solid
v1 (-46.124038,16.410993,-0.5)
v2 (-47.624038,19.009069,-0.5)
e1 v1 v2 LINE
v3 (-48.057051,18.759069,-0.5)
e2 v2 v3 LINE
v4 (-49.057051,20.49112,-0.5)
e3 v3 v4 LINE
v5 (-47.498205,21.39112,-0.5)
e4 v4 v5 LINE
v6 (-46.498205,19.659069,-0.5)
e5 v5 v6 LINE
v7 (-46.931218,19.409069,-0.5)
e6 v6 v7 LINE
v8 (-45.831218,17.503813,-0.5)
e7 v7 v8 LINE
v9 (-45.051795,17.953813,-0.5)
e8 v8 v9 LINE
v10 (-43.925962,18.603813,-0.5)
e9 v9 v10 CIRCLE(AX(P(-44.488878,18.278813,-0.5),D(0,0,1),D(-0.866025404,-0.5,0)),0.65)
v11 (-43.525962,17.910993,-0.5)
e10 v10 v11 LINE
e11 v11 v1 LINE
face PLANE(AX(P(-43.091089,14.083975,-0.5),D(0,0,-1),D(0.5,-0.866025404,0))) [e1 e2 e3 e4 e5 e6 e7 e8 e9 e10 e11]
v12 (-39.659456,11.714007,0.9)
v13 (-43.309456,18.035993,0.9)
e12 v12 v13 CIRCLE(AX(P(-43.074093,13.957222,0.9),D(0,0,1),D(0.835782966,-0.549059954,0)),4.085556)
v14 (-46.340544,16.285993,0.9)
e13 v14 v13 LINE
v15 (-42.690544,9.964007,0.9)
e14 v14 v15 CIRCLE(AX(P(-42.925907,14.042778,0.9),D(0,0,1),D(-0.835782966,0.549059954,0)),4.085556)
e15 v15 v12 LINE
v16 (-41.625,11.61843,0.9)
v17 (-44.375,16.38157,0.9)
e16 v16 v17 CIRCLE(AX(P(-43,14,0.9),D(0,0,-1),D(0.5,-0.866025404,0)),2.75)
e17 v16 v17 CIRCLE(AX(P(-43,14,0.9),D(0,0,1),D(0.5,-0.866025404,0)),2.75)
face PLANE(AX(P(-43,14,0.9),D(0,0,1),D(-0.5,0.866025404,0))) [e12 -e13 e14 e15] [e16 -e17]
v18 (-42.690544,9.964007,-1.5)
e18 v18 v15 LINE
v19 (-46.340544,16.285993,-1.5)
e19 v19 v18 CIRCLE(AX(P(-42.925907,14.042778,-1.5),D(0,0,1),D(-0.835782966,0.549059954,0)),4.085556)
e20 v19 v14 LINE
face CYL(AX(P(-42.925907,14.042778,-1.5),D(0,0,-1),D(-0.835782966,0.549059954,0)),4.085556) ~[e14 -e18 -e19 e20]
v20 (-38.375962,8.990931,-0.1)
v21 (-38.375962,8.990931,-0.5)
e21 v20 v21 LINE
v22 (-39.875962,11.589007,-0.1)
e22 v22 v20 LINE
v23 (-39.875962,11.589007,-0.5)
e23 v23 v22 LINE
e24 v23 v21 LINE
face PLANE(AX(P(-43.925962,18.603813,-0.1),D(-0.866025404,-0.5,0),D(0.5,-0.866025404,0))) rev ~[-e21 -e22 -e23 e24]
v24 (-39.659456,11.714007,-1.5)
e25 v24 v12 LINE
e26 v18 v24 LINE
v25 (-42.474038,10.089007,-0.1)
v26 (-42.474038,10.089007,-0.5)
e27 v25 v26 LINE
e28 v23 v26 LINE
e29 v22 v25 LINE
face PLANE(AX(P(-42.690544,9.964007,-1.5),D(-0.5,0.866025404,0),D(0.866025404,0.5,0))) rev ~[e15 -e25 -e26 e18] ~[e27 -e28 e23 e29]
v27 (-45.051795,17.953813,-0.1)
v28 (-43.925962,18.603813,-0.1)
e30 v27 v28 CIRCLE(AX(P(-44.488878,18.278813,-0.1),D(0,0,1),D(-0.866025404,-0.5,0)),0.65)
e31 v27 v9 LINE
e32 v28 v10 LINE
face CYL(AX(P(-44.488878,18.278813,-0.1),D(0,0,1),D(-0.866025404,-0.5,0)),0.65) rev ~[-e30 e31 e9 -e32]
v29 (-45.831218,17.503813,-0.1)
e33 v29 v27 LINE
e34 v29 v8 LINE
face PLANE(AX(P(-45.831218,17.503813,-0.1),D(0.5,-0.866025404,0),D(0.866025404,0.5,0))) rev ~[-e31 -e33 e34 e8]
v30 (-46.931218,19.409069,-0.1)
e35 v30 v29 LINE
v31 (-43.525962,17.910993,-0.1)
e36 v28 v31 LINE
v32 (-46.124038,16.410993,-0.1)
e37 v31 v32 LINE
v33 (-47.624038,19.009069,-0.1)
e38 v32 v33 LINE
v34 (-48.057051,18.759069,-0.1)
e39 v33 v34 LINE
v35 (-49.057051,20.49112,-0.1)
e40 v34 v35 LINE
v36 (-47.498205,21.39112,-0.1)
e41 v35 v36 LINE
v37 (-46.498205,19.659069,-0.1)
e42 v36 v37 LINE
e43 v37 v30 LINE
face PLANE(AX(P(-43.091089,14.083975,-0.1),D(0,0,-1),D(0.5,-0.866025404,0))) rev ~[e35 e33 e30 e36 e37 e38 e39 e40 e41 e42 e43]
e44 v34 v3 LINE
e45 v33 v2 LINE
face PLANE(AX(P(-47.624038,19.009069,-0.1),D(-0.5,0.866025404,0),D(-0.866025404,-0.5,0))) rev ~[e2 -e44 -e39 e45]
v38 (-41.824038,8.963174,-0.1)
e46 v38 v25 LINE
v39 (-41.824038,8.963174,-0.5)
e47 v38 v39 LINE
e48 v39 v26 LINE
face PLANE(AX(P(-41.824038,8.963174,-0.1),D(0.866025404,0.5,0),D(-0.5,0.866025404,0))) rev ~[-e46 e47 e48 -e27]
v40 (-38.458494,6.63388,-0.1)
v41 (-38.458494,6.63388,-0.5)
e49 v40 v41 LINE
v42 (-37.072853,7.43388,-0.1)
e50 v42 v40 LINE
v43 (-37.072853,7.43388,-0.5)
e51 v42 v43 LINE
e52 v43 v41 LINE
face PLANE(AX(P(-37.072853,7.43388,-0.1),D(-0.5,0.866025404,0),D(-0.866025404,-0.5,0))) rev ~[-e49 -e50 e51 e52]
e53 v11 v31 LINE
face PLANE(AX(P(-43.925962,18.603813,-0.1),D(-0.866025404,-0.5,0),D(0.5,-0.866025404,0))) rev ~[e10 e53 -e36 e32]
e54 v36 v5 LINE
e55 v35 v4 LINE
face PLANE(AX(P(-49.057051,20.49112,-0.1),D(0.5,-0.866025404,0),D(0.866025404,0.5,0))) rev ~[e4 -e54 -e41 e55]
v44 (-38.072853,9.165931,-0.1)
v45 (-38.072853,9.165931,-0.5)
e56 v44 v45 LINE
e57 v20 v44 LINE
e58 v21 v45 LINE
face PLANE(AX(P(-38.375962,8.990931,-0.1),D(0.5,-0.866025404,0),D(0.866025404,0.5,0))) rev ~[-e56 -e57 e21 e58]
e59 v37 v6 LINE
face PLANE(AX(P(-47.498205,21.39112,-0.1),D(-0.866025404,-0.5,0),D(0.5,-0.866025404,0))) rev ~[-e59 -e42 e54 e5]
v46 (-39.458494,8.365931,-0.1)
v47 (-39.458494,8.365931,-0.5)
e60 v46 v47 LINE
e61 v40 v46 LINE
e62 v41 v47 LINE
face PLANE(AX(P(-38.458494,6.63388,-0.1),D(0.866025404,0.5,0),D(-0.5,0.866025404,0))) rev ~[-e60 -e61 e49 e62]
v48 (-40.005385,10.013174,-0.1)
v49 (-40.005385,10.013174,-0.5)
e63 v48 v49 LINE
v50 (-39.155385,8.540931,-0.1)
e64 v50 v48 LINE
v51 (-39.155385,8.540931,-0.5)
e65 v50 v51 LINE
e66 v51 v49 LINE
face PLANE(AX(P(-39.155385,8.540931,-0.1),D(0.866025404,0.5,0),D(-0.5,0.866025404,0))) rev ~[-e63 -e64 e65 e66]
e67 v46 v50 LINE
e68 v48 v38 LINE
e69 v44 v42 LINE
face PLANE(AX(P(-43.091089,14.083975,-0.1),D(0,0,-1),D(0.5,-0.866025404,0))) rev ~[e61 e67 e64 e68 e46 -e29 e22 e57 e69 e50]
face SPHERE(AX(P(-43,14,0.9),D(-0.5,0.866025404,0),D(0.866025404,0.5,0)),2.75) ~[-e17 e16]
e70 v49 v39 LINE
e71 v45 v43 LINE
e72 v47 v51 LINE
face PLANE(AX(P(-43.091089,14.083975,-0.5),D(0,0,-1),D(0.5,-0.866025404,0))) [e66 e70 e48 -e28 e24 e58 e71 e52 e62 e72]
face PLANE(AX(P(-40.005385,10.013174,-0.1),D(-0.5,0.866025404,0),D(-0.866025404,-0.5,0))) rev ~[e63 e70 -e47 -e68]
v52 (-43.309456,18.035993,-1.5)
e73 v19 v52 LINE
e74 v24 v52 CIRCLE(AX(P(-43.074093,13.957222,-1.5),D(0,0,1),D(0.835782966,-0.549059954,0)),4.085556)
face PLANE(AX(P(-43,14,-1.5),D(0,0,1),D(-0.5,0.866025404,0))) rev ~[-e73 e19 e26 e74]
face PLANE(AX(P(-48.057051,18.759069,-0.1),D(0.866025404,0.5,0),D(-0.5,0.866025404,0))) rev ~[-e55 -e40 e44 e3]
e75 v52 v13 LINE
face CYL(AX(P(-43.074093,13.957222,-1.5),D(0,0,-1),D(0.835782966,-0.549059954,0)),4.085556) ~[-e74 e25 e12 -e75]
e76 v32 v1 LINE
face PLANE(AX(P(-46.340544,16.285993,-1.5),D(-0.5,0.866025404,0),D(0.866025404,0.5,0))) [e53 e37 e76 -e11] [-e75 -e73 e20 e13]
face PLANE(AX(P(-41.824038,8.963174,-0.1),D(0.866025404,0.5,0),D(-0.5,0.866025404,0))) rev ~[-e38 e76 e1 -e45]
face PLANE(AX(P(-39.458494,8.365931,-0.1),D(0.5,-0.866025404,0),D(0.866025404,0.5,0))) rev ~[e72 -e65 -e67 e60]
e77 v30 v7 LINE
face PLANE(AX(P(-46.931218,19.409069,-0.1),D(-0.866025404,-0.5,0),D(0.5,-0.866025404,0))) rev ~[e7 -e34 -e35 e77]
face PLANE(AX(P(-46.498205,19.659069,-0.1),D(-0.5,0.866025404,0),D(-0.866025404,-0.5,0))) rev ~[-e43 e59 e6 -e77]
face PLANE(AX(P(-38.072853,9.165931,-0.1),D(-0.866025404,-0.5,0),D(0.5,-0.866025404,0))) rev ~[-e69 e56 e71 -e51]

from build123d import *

# Parameters (mm, degrees)
REVOLUTION001_ANGLE       = -180
PAD015_DEPTH              = 0.4
BODY012_PLACEMENT_ANGLE   = 180
PAD014_DEPTH              = 2.4
FUSION002_PLACEMENT_ANGLE = 120


with BuildPart() as light001:
    # Sketch024 (on Face1 of ShapeBinder003) → Revolution001 (revolve)
    with BuildSketch(Plane.XY.offset(2.4)):
        with BuildLine():
            ThreePointArc((-2.75, 0), (0, -2.75), (2.75, 0))
            Line((-2.75, 0), (2.75, 0))
        make_face()
    revolve(axis=Axis((-2.75, 0, 2.4), (1, 0, 0)), revolution_arc=REVOLUTION001_ANGLE)


with BuildPart() as body012:
    # Sketch025 (on Face1 of ShapeBinder004) → Pad015 (new body)
    with BuildSketch(Plane(origin=(0, 0, 0), x_dir=(1, 0, 0), z_dir=(0, 0, -1))):
        with BuildLine():
            Line((3.65, 1.5), (6.65, 1.5))
            Line((6.65, 1.5), (6.65, 2))
            Line((6.65, 2), (8.65, 2))
            Line((8.65, 2), (8.65, 0.2))
            Line((8.65, 0.2), (6.65, 0.2))
            Line((6.65, 0.2), (6.65, 0.7))
            Line((6.65, 0.7), (4.45, 0.7))
            Line((4.45, 0.7), (4.45, -0.2))
            ThreePointArc((4.45, -0.2), (3.8, -0.85), (4.45, -1.5))
            Line((4.45, -1.5), (-6.65, -1.5))
            Line((-6.65, -1.5), (-6.65, -1.85))
            Line((-6.65, -1.85), (-8.65, -1.85))
            Line((-8.65, -1.85), (-8.65, -0.25))
            Line((-8.65, -0.25), (-6.65, -0.25))
            Line((-6.65, -0.25), (-6.65, -0.6))
            Line((-6.65, -0.6), (-4.95, -0.6))
            Line((-4.95, -0.6), (-4.95, 1.5))
            Line((-4.95, 1.5), (3.65, 1.5))
        make_face()
    extrude(amount=-PAD015_DEPTH)


with BuildPart() as body012_1:
    # Body012 placement: moved
    add(body012.part.moved(Location((0, 0, 1.4))).rotate(Axis((0, 0, 1.4), (1, 0, 0)), BODY012_PLACEMENT_ANGLE))


with BuildPart() as led2:
    # Sketch023 → Pad014 (new body)
    with BuildSketch(Plane.XY):
        with BuildLine():
            Line((-3.65, 1.75), (-3.65, -1.75))
            ThreePointArc((-3.65, -1.75), (0, -4), (3.65, -1.75))
            Line((3.65, 1.75), (3.65, -1.75))
            ThreePointArc((3.65, 1.75), (0, 4), (-3.65, 1.75))
        make_face()
    extrude(amount=PAD014_DEPTH)

    # Fusion002: union light001, Body012
    add(light001.part)
    add(body012_1.part)


with BuildPart() as led2_1:
    # Fusion002 placement: moved
    add(led2.part.moved(Location((-43, 14, -1.5))).rotate(Axis((-43, 14, -1.5), (0, 0, 1)), FUSION002_PLACEMENT_ANGLE))


solid = led2_1.part
